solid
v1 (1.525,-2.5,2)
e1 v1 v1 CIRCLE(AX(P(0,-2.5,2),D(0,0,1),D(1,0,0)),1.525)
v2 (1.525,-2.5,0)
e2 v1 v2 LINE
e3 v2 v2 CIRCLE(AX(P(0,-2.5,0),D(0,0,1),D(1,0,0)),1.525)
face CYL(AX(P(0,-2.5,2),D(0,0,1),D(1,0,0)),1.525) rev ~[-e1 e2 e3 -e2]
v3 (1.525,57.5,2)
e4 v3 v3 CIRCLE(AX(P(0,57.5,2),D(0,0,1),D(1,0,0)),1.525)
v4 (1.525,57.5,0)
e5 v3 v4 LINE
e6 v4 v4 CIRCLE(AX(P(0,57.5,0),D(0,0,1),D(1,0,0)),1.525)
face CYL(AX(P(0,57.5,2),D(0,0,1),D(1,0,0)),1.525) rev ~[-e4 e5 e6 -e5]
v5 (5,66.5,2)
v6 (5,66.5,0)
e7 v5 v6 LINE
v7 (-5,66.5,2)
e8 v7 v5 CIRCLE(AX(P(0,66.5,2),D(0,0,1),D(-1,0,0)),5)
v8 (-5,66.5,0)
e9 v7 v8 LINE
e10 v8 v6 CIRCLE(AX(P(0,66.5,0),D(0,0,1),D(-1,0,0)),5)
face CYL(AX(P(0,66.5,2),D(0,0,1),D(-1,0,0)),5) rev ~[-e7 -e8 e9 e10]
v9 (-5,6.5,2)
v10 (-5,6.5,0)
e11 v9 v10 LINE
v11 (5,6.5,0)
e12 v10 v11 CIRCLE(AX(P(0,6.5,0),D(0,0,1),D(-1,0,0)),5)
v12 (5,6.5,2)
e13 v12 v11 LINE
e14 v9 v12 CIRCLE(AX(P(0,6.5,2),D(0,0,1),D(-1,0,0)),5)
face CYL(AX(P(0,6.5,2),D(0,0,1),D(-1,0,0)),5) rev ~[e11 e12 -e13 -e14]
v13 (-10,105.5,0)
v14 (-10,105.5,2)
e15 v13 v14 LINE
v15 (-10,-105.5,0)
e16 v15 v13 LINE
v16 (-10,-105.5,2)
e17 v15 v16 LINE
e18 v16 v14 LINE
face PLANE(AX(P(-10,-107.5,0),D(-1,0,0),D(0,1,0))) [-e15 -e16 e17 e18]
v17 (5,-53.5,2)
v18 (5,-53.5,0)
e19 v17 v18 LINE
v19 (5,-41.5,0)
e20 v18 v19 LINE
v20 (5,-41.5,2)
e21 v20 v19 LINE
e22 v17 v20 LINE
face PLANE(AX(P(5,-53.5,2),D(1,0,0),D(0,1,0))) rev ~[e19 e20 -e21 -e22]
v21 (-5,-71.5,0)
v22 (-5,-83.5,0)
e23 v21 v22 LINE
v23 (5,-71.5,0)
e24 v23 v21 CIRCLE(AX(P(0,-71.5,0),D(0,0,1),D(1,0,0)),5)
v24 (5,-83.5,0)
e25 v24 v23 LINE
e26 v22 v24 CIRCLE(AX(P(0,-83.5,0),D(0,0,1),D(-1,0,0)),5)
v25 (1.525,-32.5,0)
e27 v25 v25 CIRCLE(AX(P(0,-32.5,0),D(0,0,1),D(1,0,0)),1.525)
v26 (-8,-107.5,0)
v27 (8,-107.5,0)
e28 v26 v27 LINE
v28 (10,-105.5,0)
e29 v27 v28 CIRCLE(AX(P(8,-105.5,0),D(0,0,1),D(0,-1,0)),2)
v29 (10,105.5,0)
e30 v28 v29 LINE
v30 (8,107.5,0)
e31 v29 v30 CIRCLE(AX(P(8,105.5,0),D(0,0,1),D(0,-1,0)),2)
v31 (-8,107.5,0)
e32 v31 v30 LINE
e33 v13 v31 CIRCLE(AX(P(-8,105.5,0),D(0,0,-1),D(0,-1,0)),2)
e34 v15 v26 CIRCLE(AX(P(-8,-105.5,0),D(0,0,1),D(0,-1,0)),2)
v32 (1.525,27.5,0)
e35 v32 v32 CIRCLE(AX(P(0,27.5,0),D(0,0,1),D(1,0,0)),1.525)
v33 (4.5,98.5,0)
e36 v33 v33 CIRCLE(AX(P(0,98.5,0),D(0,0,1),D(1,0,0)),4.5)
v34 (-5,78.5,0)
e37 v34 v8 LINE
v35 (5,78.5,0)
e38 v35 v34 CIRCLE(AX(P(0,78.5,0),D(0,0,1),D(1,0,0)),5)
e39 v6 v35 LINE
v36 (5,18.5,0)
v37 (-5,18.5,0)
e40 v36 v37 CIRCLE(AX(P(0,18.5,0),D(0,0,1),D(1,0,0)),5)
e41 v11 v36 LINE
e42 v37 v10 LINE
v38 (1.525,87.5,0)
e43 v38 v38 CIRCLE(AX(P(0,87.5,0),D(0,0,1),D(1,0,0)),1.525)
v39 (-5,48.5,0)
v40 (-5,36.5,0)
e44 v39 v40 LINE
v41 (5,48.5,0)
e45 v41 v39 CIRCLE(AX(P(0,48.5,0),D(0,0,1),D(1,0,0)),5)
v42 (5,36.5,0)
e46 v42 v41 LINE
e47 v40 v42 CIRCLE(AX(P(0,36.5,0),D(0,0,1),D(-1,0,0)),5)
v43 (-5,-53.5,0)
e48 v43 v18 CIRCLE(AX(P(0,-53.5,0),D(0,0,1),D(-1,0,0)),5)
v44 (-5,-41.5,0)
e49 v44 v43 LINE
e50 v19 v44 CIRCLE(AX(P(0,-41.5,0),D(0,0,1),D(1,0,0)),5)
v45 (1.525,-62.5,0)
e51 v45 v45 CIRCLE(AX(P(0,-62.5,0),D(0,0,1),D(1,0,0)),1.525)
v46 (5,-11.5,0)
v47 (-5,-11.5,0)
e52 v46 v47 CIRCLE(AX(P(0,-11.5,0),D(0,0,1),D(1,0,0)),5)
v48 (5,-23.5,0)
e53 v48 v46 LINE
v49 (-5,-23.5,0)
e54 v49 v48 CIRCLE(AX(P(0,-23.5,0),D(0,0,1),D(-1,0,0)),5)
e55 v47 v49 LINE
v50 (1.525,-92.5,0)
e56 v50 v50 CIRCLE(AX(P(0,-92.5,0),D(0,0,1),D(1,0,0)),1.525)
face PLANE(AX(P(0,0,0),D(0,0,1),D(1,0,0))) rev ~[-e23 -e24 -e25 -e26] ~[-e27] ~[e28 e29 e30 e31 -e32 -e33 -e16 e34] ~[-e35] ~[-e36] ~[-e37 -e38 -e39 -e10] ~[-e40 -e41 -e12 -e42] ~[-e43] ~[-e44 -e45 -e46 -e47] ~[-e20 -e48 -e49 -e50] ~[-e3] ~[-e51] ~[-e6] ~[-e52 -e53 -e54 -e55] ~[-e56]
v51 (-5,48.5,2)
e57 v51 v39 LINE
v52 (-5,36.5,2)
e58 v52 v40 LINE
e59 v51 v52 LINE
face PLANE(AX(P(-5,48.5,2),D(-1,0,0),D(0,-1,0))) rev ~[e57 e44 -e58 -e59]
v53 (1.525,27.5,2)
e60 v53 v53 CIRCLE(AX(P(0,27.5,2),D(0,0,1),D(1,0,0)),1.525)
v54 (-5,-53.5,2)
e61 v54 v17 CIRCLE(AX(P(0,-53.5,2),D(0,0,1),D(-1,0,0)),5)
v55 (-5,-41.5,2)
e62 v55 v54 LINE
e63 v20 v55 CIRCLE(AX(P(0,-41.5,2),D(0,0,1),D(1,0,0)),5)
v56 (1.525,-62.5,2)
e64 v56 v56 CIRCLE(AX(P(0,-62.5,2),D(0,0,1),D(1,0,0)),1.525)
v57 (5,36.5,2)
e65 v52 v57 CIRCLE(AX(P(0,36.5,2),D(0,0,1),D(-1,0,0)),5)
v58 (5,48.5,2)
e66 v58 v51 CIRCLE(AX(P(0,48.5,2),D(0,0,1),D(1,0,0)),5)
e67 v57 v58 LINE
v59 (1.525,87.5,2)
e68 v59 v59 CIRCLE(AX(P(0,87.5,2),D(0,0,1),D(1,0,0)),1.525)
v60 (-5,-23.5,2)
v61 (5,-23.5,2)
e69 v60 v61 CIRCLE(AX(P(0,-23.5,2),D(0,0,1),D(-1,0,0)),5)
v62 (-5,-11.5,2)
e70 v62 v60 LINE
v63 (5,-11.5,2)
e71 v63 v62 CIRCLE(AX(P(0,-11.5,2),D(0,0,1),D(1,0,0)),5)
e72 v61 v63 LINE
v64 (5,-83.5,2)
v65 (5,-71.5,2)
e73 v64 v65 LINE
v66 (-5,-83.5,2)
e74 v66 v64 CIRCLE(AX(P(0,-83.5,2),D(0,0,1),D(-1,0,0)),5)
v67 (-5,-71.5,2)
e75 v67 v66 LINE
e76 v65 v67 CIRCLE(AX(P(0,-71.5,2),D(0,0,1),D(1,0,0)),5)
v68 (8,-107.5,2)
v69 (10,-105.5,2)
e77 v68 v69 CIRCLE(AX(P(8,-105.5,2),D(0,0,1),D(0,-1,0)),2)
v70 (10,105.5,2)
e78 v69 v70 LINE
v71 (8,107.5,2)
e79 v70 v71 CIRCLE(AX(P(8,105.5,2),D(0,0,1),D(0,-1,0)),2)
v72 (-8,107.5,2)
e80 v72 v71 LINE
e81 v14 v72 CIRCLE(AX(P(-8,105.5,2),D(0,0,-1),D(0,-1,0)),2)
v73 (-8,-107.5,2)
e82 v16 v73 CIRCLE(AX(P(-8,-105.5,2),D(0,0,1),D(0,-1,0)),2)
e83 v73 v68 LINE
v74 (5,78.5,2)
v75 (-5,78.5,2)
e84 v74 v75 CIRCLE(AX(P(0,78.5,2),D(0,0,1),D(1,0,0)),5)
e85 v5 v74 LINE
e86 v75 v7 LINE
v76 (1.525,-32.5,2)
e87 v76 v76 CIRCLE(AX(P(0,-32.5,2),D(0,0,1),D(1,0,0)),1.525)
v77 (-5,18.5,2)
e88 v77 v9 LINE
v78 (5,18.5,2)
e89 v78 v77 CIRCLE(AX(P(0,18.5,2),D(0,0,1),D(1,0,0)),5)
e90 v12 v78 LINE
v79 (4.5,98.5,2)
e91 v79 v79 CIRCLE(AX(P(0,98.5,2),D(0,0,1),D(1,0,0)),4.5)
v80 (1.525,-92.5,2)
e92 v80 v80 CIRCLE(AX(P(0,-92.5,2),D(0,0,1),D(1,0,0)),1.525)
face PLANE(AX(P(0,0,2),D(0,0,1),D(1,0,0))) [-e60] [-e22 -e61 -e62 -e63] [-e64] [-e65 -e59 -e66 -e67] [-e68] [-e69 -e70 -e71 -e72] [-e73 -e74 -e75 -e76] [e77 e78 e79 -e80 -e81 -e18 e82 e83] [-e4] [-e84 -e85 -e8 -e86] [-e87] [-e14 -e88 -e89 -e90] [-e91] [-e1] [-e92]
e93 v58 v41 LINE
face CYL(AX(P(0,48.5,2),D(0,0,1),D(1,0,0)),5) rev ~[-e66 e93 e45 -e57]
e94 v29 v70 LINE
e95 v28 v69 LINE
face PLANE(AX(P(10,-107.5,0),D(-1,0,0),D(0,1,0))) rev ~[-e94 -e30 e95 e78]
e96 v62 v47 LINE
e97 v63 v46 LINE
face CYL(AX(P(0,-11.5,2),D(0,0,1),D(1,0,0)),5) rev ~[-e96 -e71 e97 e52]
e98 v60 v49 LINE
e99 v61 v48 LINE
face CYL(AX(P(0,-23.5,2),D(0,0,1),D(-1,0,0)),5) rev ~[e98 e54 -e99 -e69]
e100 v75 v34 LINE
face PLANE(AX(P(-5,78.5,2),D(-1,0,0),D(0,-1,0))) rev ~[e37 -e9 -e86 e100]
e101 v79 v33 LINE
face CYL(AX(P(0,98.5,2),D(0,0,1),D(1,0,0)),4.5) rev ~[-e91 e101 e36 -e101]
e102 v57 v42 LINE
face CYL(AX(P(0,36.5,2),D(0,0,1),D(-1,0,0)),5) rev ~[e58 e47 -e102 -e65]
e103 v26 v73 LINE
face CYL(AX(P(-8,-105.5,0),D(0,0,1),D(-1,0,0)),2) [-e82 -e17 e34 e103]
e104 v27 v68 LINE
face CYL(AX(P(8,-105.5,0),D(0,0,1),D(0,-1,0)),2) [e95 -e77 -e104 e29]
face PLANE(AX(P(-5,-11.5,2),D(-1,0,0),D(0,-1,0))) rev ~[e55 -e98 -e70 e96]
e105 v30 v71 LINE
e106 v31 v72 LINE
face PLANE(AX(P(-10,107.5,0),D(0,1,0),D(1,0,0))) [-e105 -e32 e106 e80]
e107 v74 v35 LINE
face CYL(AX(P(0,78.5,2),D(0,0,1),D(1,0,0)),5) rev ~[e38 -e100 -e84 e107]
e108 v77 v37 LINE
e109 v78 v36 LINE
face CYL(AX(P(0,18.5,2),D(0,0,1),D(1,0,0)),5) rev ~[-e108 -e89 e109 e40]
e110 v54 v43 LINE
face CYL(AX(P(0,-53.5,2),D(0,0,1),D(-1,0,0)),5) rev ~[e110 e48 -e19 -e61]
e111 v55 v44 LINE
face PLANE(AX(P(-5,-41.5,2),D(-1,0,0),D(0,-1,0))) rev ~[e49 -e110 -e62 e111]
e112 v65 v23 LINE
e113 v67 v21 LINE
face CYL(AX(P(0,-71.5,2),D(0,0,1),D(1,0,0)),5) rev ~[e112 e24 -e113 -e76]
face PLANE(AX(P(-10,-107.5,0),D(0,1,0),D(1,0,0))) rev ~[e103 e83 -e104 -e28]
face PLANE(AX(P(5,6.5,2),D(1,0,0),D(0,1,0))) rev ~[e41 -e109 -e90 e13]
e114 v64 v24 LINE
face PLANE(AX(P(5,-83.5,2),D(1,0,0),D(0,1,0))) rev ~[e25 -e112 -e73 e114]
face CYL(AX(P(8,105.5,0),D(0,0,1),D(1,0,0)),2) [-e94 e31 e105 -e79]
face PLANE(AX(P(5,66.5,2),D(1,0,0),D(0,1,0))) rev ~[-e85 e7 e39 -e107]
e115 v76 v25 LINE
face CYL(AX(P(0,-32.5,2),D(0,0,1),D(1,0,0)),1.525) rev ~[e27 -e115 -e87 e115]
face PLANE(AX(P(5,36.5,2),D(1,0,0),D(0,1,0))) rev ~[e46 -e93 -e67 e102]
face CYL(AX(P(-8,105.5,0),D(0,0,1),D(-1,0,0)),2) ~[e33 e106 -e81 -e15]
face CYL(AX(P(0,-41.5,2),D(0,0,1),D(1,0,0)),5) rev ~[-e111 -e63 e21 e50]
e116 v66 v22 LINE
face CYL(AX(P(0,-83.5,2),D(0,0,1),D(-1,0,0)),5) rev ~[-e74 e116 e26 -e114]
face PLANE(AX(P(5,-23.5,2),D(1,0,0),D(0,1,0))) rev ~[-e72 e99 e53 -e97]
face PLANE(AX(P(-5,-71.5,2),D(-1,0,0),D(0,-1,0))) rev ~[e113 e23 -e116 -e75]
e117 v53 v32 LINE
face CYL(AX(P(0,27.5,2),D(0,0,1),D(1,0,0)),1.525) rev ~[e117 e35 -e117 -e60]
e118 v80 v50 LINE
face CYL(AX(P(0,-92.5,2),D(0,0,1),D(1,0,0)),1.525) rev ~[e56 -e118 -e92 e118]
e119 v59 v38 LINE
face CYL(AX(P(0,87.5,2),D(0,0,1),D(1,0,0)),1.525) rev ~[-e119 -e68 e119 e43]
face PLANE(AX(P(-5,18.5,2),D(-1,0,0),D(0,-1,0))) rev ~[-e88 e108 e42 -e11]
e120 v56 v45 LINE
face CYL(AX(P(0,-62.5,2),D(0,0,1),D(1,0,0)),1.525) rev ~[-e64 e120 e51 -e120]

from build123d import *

# Parameters (mm, degrees)
SKETCH_1_W          = 20
SKETCH_1_H          = 215
EXTRUDE_1_DEPTH     = 2
FILLET_1_R          = 2
SKETCH_2_R          = 1.525
CUT_EXTRUDE_1_DEPTH = 10
SKETCH_4_R          = 4.5
CUT_EXTRUDE_2_DEPTH = 10


with BuildPart() as part:
    # 草图1 → 凸台-拉伸1 (new body)
    with BuildSketch(Plane.XY):
        Rectangle(SKETCH_1_W, SKETCH_1_H)
    extrude(amount=EXTRUDE_1_DEPTH)

    # 圆角1
    fillet_1_edges = [part.edges().sort_by_distance(p)[0] for p in [
        (10, -107.5, 1),
        (-10, -107.5, 1),
        (-10, 107.5, 1),
        (10, 107.5, 1),
    ]]
    fillet(fillet_1_edges, radius=FILLET_1_R)

    # 草图2 → 切除-拉伸1 (cut)
    with BuildSketch(Plane.XY.offset(2)):
        with Locations((0, 87.5)):
            Circle(SKETCH_2_R)
        with Locations((0, 57.5)):
            Circle(SKETCH_2_R)
        with Locations((0, 27.5)):
            Circle(SKETCH_2_R)
        with Locations((0, -2.5)):
            Circle(SKETCH_2_R)
        with Locations((0, -32.5)):
            Circle(SKETCH_2_R)
        with Locations((0, -62.5)):
            Circle(SKETCH_2_R)
        with Locations((0, -92.5)):
            Circle(SKETCH_2_R)
    extrude(amount=-CUT_EXTRUDE_1_DEPTH, mode=Mode.SUBTRACT)

    # 草图4 → 切除-拉伸2 (cut)
    with BuildSketch(Plane.XY.offset(2)):
        with Locations((0, 98.5)):
            Circle(SKETCH_4_R)
        with BuildLine():
            Line((5, 66.5), (5, 78.5))
            ThreePointArc((5, 78.5), (0, 83.5), (-5, 78.5))
            Line((-5, 78.5), (-5, 66.5))
            ThreePointArc((-5, 66.5), (0, 61.5), (5, 66.5))
        make_face()
        with BuildLine():
            Line((5, 36.5), (5, 48.5))
            ThreePointArc((5, 48.5), (0, 53.5), (-5, 48.5))
            Line((-5, 48.5), (-5, 36.5))
            ThreePointArc((-5, 36.5), (0, 31.5), (5, 36.5))
        make_face()
        with BuildLine():
            Line((5, -83.5), (5, -71.5))
            ThreePointArc((5, -71.5), (0, -66.5), (-5, -71.5))
            Line((-5, -71.5), (-5, -83.5))
            ThreePointArc((-5, -83.5), (0, -88.5), (5, -83.5))
        make_face()
        with BuildLine():
            Line((5, 6.5), (5, 18.5))
            ThreePointArc((5, 18.5), (0, 23.5), (-5, 18.5))
            Line((-5, 18.5), (-5, 6.5))
            ThreePointArc((-5, 6.5), (0, 1.5), (5, 6.5))
        make_face()
        with BuildLine():
            Line((5, -23.5), (5, -11.5))
            ThreePointArc((5, -11.5), (0, -6.5), (-5, -11.5))
            Line((-5, -11.5), (-5, -23.5))
            ThreePointArc((-5, -23.5), (0, -28.5), (5, -23.5))
        make_face()
        with BuildLine():
            Line((5, -53.5), (5, -41.5))
            ThreePointArc((5, -41.5), (0, -36.5), (-5, -41.5))
            Line((-5, -41.5), (-5, -53.5))
            ThreePointArc((-5, -53.5), (0, -58.5), (5, -53.5))
        make_face()
    extrude(amount=-CUT_EXTRUDE_2_DEPTH, mode=Mode.SUBTRACT)


solid = part.part
